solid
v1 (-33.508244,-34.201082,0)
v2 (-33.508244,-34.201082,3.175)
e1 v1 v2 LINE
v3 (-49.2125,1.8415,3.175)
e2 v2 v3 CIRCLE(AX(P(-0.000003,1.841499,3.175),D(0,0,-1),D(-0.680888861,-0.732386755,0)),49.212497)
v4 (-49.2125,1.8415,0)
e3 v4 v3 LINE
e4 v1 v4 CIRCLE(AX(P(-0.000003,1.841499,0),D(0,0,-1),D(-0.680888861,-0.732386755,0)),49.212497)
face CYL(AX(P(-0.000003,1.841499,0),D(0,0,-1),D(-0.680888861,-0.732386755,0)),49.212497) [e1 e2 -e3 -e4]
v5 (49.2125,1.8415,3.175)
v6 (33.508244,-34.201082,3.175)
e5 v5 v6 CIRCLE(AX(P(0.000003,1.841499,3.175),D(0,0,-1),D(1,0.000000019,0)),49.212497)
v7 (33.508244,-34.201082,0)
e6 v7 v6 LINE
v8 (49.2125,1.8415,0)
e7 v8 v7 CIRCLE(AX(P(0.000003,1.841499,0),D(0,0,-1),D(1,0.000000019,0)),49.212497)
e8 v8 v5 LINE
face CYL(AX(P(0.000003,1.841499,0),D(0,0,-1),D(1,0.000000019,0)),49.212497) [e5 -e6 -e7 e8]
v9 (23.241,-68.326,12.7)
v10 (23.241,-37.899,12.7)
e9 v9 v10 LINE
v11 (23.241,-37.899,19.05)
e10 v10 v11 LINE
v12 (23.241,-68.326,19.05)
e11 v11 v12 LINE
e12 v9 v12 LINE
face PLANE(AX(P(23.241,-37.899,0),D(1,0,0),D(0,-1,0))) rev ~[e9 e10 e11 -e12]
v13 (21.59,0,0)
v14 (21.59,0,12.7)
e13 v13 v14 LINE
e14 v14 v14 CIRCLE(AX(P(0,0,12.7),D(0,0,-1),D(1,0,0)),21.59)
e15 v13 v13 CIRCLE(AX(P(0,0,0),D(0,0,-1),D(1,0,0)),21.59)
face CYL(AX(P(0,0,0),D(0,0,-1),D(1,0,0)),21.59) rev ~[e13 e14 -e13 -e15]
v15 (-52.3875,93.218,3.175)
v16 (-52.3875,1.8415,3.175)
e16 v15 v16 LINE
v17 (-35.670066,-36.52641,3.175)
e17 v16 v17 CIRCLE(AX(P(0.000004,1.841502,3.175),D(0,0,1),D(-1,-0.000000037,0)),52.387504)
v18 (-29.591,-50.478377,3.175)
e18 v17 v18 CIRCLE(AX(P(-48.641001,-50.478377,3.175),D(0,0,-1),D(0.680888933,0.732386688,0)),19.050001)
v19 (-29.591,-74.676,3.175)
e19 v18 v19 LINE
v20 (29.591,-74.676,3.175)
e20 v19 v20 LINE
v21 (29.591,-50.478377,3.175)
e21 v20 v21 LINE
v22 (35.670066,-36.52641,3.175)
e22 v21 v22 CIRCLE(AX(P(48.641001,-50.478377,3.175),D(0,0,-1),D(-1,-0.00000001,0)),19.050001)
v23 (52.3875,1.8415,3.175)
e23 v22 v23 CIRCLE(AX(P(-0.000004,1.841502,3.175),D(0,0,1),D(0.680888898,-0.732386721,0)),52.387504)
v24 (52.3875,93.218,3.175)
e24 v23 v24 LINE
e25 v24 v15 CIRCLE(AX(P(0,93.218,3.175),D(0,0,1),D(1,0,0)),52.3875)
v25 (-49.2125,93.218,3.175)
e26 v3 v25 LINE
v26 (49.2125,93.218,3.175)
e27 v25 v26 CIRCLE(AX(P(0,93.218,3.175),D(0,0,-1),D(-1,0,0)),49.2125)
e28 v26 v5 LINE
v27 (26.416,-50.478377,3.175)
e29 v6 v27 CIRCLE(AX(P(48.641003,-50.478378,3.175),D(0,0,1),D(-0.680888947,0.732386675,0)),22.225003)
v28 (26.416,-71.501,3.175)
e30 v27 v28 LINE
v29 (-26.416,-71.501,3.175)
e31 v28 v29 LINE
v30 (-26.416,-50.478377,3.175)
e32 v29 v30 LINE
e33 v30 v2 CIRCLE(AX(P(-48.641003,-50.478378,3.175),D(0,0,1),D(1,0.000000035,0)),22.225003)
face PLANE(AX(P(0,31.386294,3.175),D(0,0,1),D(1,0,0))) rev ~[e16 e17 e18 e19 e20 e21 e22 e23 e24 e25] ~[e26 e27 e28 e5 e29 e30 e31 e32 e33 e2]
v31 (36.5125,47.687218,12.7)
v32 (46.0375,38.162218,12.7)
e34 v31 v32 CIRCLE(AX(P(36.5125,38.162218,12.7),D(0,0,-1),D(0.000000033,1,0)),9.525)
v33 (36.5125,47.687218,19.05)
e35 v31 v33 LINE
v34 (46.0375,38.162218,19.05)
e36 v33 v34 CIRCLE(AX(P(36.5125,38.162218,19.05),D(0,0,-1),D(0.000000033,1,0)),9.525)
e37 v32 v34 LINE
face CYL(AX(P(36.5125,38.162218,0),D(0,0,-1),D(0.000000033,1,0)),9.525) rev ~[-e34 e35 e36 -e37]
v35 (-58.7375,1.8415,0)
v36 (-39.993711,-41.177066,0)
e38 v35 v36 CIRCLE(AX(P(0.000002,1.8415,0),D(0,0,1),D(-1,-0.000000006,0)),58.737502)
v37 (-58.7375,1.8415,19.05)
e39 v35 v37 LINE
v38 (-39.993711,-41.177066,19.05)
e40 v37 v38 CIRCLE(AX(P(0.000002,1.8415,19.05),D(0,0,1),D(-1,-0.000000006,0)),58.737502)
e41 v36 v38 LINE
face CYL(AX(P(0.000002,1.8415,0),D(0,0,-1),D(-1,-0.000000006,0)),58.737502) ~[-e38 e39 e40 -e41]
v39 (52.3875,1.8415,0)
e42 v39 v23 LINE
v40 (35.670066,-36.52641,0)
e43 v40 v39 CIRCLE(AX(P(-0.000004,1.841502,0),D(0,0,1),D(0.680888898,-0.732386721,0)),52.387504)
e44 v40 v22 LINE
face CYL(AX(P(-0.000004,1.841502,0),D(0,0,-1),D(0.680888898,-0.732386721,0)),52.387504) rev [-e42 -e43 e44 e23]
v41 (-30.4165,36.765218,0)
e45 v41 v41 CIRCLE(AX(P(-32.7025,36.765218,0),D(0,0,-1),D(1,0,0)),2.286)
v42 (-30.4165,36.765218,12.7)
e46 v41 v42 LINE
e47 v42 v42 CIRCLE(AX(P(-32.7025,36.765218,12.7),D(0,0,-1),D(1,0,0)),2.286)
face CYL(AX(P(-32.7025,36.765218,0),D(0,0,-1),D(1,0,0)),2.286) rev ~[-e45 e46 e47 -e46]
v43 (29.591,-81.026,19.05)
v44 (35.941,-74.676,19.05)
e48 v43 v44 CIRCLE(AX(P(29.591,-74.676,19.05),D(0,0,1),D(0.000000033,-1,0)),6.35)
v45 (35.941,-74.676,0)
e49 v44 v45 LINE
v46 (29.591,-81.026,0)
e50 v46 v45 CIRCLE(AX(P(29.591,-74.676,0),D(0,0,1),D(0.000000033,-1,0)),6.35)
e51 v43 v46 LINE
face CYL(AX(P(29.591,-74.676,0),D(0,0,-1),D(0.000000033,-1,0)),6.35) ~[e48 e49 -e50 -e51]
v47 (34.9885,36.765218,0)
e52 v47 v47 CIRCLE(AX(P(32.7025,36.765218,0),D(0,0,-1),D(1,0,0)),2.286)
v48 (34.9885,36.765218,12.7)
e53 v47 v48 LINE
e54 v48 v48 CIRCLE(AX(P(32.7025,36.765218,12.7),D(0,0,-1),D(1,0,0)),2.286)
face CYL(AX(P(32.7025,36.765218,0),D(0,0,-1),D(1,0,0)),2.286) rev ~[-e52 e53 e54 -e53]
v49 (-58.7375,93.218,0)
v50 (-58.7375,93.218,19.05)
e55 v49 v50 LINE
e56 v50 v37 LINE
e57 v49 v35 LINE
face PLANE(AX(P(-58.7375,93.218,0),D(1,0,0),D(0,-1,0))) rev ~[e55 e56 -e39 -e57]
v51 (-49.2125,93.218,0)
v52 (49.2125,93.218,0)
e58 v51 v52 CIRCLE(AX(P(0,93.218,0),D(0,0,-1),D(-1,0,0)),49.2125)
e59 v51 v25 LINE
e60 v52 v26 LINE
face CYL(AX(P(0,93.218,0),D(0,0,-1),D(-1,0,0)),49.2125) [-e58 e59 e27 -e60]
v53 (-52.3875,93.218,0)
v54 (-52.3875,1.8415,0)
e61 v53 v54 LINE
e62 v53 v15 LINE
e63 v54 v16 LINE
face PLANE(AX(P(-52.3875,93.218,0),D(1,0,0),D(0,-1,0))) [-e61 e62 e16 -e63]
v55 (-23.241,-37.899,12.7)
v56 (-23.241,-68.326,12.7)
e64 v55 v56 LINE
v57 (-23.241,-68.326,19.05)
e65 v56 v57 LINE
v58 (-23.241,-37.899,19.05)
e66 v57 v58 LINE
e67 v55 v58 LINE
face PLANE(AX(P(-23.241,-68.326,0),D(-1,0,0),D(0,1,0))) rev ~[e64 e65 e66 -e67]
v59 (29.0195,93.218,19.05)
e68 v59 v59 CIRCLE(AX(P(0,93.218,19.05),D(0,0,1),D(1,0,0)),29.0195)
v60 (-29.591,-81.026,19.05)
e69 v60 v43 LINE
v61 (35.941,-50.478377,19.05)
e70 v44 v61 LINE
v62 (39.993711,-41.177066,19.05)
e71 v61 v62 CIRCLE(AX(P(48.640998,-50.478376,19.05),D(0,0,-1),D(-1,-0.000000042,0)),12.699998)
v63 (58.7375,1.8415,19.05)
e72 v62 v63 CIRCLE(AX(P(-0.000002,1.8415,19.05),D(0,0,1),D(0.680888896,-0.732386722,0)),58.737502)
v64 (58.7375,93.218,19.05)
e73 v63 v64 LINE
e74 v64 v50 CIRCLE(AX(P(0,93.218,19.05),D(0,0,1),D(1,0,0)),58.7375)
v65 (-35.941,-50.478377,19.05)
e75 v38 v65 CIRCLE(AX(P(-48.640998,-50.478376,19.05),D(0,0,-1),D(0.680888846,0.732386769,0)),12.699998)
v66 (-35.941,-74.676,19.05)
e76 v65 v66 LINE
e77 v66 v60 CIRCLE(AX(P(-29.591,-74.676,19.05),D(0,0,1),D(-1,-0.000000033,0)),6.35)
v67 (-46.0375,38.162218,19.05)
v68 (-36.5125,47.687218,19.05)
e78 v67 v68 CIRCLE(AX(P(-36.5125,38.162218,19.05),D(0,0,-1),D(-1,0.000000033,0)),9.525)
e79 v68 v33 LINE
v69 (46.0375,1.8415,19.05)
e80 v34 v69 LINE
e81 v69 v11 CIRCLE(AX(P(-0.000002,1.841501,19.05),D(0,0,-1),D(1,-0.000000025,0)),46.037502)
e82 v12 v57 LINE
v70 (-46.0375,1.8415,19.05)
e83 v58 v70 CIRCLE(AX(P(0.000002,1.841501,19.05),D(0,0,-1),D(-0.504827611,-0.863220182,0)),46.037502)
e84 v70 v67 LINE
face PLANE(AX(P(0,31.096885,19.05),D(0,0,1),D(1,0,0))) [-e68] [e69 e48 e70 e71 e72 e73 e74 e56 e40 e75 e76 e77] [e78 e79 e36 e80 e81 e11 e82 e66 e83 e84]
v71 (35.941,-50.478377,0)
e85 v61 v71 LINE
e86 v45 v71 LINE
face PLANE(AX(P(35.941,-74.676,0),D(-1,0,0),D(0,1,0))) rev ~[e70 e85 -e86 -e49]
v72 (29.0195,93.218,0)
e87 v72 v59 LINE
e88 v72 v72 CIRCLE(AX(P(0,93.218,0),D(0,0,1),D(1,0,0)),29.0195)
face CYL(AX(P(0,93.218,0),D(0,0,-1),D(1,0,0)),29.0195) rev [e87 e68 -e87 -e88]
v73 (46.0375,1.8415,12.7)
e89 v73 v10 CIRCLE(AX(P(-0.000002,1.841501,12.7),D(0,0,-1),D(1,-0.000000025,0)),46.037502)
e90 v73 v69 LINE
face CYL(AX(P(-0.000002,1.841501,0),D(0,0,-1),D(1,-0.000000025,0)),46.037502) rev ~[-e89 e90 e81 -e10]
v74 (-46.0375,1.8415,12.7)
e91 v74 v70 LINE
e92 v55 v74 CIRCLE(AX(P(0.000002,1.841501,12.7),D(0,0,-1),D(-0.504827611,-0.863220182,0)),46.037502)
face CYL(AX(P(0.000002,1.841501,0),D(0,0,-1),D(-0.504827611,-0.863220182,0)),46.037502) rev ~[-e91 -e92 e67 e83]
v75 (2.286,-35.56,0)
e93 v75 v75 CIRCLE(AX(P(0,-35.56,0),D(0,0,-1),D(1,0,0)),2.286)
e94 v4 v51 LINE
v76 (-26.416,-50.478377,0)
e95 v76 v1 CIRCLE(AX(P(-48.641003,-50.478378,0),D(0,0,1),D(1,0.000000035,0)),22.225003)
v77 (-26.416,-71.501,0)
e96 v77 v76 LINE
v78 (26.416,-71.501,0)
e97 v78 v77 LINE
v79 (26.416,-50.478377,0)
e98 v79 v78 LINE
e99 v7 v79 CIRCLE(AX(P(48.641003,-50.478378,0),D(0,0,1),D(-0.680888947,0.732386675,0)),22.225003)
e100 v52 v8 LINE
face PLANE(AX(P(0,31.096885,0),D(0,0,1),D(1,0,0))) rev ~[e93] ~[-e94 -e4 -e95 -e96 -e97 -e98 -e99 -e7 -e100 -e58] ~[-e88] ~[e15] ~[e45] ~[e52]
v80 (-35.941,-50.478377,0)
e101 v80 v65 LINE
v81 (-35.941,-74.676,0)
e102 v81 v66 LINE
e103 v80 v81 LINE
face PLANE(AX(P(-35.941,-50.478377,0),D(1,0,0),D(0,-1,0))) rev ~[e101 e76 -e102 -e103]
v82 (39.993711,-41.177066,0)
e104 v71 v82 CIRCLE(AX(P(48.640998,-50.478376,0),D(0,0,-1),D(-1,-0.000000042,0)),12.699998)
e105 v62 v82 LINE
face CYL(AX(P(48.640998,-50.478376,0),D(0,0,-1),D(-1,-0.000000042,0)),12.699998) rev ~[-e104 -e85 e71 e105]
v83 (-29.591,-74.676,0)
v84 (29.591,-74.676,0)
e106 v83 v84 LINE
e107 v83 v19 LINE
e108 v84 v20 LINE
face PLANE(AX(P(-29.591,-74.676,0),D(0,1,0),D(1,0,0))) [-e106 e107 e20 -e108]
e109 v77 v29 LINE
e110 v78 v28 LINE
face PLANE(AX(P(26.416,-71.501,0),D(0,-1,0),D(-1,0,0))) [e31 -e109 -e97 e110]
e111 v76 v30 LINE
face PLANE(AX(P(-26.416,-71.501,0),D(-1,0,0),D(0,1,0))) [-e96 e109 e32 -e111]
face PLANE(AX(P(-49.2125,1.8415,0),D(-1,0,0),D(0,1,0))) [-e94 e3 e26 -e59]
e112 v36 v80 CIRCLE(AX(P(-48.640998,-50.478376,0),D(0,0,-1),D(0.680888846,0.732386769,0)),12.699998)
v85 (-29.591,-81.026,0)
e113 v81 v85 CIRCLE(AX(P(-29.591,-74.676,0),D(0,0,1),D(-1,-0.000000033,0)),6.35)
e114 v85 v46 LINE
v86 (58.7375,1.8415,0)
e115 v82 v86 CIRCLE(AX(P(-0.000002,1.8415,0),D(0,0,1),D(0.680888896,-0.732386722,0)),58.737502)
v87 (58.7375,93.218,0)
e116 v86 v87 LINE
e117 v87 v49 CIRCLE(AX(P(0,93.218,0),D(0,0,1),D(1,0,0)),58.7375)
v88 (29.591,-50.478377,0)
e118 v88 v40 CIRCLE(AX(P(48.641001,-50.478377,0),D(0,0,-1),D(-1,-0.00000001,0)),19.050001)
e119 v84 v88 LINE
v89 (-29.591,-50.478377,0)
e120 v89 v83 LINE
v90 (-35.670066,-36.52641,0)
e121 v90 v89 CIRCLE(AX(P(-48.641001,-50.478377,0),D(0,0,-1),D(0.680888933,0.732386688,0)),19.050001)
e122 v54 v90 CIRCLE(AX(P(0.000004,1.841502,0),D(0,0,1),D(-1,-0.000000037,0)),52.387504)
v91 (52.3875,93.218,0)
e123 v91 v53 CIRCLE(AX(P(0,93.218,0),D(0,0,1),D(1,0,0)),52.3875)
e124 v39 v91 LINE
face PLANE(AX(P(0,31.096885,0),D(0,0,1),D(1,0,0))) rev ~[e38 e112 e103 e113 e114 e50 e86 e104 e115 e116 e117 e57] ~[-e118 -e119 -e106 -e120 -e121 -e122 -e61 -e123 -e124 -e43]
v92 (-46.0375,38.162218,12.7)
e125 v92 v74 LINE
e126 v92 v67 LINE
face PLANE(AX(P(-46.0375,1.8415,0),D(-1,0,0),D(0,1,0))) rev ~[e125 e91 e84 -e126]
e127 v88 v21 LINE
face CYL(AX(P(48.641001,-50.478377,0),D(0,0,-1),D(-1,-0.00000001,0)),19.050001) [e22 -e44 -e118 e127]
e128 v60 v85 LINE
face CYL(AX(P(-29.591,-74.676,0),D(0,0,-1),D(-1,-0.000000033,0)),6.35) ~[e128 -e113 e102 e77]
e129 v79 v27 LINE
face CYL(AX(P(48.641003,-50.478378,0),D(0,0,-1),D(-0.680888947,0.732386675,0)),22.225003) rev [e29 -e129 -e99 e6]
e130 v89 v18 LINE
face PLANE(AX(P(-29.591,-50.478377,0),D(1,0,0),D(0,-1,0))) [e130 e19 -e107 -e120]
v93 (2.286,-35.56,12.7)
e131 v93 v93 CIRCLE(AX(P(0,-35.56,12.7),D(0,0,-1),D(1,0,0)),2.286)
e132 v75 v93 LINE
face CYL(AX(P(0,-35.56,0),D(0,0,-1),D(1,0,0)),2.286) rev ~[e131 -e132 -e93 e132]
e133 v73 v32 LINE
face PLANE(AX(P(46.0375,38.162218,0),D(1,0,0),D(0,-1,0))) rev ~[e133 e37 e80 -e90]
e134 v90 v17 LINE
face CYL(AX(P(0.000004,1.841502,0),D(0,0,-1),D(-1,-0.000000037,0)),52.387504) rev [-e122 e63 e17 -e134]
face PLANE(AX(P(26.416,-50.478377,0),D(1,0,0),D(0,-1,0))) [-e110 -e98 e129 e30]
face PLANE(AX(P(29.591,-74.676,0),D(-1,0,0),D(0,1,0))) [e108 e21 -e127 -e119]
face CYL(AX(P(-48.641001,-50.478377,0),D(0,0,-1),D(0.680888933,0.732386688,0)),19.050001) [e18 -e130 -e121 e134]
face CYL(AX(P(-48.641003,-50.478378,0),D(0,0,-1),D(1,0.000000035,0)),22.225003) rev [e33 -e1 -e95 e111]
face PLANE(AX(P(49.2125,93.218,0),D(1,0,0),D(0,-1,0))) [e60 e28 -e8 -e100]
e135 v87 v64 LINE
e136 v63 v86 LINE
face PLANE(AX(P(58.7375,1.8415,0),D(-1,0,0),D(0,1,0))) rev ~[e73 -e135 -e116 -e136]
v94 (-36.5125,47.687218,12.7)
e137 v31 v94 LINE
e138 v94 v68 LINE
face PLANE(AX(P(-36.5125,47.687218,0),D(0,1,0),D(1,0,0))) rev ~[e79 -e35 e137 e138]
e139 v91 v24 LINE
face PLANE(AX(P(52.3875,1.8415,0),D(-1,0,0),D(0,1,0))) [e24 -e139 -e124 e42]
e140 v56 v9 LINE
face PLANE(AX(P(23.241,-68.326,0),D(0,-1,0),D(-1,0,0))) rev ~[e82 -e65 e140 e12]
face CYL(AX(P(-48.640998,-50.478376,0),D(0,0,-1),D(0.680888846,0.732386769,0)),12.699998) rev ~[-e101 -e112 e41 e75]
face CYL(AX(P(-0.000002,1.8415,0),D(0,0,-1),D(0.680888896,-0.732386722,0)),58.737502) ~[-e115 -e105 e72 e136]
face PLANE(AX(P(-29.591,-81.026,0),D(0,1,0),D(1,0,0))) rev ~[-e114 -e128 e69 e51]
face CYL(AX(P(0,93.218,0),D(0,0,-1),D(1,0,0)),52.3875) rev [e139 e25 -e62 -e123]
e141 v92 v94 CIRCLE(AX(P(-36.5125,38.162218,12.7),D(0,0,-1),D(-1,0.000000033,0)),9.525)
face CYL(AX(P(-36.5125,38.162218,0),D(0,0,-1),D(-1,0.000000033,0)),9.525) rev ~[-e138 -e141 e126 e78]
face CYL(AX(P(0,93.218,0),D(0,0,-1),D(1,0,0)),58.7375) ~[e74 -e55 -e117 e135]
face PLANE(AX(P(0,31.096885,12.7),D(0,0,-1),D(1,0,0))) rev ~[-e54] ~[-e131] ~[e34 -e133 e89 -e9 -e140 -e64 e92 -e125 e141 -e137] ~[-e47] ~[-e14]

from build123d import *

# Parameters (mm, degrees)
F0_R     = 29.0195
F1_DEPTH = 19.05
F2_R     = 2.286
F2_R_2   = 29.0195
F2_R_3   = 21.59
F3_DEPTH = 12.7
F5_DEPTH = 3.175


with BuildPart() as f1:
    # F0 (on Top) → F1 (new body)
    with BuildSketch(Plane.XY):
        with BuildLine():
            Line((58.7375, 1.8415), (58.7375, 93.218))
            ThreePointArc((58.7375, 93.218), (0, 151.9555), (-58.7375, 93.218))
            Line((-58.7375, 93.218), (-58.7375, 1.8415))
            ThreePointArc((-58.7375, 1.8415), (-53.848048, -21.620845), (-39.993711, -41.177066))
            ThreePointArc((-39.993711, -41.177066), (-36.998179, -45.405437), (-35.941, -50.478377))
            Line((-35.941, -50.478377), (-35.941, -74.676))
            ThreePointArc((-35.941, -74.676), (-34.081128, -79.166128), (-29.591, -81.026))
            Line((-29.591, -81.026), (29.591, -81.026))
            ThreePointArc((29.591, -81.026), (34.081128, -79.166128), (35.941, -74.676))
            Line((35.941, -74.676), (35.941, -50.478377))
            ThreePointArc((35.941, -50.478377), (36.998179, -45.405437), (39.993711, -41.177066))
            ThreePointArc((39.993711, -41.177066), (53.848048, -21.620845), (58.7375, 1.8415))
        make_face()
        with BuildLine():
            ThreePointArc((-23.241, -37.899), (-39.933751, -21.065855), (-46.0375, 1.8415))
            Line((-46.0375, 1.8415), (-46.0375, 38.162218))
            ThreePointArc((-46.0375, 38.162218), (-43.247692, 44.89741), (-36.5125, 47.687218))
            Line((-36.5125, 47.687218), (36.5125, 47.687218))
            ThreePointArc((36.5125, 47.687218), (43.247692, 44.89741), (46.0375, 38.162218))
            Line((46.0375, 38.162218), (46.0375, 1.8415))
            ThreePointArc((46.0375, 1.8415), (39.933751, -21.065855), (23.241, -37.899))
            Line((23.241, -37.899), (23.241, -68.326))
            Line((23.241, -68.326), (-23.241, -68.326))
            Line((-23.241, -68.326), (-23.241, -37.899))
        make_face(mode=Mode.SUBTRACT)
        with Locations((0, 93.218)):
            Circle(F0_R, mode=Mode.SUBTRACT)
    extrude(amount=F1_DEPTH)

    # F2 (on face) → F3 (join)
    with BuildSketch(Plane(origin=(0, 0, 0), x_dir=(1, 0, 0), z_dir=(0, 0, -1))):
        with BuildLine():
            ThreePointArc((-58.7375, -93.218), (0, -151.9555), (58.7375, -93.218))
            Line((58.7375, -93.218), (58.7375, -1.8415))
            ThreePointArc((58.7375, -1.8415), (53.848048, 21.620845), (39.993711, 41.177066))
            ThreePointArc((39.993711, 41.177066), (36.998179, 45.405437), (35.941, 50.478377))
            Line((35.941, 50.478377), (35.941, 74.676))
            ThreePointArc((35.941, 74.676), (34.081128, 79.166128), (29.591, 81.026))
            Line((29.591, 81.026), (-29.591, 81.026))
            ThreePointArc((-29.591, 81.026), (-34.081128, 79.166128), (-35.941, 74.676))
            Line((-35.941, 74.676), (-35.941, 50.478377))
            ThreePointArc((-35.941, 50.478377), (-36.998179, 45.405437), (-39.993711, 41.177066))
            ThreePointArc((-39.993711, 41.177066), (-53.848048, 21.620845), (-58.7375, -1.8415))
            Line((-58.7375, -1.8415), (-58.7375, -93.218))
        make_face()
        with Locations((-32.7025, -36.765218)):
            Circle(F2_R, mode=Mode.SUBTRACT)
        with Locations((0, -93.218)):
            Circle(F2_R_2, mode=Mode.SUBTRACT)
        with Locations((32.7025, -36.765218)):
            Circle(F2_R, mode=Mode.SUBTRACT)
        Circle(F2_R_3, mode=Mode.SUBTRACT)
        with Locations((0, 35.56)):
            Circle(F2_R, mode=Mode.SUBTRACT)
    extrude(amount=-F3_DEPTH)

    # F4 (on face) → F5 (cut)
    with BuildSketch(Plane.XY):
        with BuildLine():
            ThreePointArc((-52.3875, 1.8415), (-48.026637, -19.084375), (-35.670066, -36.52641))
            ThreePointArc((-35.670066, -36.52641), (-31.176768, -42.868968), (-29.591, -50.478377))
            Line((-29.591, -50.478377), (-29.591, -74.676))
            Line((-29.591, -74.676), (29.591, -74.676))
            Line((29.591, -74.676), (29.591, -50.478377))
            ThreePointArc((29.591, -50.478377), (31.176768, -42.868968), (35.670066, -36.52641))
            ThreePointArc((35.670066, -36.52641), (48.026637, -19.084375), (52.3875, 1.8415))
            Line((52.3875, 1.8415), (52.3875, 93.218))
            ThreePointArc((52.3875, 93.218), (0, 145.6055), (-52.3875, 93.218))
            Line((-52.3875, 93.218), (-52.3875, 1.8415))
        make_face()
        with BuildLine():
            ThreePointArc((-33.508244, -34.201082), (-45.115932, -17.816141), (-49.2125, 1.8415))
            Line((-49.2125, 1.8415), (-49.2125, 93.218))
            ThreePointArc((-49.2125, 93.218), (0, 142.4305), (49.2125, 93.218))
            Line((49.2125, 93.218), (49.2125, 1.8415))
            ThreePointArc((49.2125, 1.8415), (45.115932, -17.816141), (33.508244, -34.201082))
            ThreePointArc((33.508244, -34.201082), (28.266063, -41.600733), (26.416, -50.478377))
            Line((26.416, -50.478377), (26.416, -71.501))
            Line((26.416, -71.501), (-26.416, -71.501))
            Line((-26.416, -71.501), (-26.416, -50.478377))
            ThreePointArc((-26.416, -50.478377), (-28.266063, -41.600733), (-33.508244, -34.201082))
        make_face(mode=Mode.SUBTRACT)
    extrude(amount=F5_DEPTH, mode=Mode.SUBTRACT)


solid = f1.part
